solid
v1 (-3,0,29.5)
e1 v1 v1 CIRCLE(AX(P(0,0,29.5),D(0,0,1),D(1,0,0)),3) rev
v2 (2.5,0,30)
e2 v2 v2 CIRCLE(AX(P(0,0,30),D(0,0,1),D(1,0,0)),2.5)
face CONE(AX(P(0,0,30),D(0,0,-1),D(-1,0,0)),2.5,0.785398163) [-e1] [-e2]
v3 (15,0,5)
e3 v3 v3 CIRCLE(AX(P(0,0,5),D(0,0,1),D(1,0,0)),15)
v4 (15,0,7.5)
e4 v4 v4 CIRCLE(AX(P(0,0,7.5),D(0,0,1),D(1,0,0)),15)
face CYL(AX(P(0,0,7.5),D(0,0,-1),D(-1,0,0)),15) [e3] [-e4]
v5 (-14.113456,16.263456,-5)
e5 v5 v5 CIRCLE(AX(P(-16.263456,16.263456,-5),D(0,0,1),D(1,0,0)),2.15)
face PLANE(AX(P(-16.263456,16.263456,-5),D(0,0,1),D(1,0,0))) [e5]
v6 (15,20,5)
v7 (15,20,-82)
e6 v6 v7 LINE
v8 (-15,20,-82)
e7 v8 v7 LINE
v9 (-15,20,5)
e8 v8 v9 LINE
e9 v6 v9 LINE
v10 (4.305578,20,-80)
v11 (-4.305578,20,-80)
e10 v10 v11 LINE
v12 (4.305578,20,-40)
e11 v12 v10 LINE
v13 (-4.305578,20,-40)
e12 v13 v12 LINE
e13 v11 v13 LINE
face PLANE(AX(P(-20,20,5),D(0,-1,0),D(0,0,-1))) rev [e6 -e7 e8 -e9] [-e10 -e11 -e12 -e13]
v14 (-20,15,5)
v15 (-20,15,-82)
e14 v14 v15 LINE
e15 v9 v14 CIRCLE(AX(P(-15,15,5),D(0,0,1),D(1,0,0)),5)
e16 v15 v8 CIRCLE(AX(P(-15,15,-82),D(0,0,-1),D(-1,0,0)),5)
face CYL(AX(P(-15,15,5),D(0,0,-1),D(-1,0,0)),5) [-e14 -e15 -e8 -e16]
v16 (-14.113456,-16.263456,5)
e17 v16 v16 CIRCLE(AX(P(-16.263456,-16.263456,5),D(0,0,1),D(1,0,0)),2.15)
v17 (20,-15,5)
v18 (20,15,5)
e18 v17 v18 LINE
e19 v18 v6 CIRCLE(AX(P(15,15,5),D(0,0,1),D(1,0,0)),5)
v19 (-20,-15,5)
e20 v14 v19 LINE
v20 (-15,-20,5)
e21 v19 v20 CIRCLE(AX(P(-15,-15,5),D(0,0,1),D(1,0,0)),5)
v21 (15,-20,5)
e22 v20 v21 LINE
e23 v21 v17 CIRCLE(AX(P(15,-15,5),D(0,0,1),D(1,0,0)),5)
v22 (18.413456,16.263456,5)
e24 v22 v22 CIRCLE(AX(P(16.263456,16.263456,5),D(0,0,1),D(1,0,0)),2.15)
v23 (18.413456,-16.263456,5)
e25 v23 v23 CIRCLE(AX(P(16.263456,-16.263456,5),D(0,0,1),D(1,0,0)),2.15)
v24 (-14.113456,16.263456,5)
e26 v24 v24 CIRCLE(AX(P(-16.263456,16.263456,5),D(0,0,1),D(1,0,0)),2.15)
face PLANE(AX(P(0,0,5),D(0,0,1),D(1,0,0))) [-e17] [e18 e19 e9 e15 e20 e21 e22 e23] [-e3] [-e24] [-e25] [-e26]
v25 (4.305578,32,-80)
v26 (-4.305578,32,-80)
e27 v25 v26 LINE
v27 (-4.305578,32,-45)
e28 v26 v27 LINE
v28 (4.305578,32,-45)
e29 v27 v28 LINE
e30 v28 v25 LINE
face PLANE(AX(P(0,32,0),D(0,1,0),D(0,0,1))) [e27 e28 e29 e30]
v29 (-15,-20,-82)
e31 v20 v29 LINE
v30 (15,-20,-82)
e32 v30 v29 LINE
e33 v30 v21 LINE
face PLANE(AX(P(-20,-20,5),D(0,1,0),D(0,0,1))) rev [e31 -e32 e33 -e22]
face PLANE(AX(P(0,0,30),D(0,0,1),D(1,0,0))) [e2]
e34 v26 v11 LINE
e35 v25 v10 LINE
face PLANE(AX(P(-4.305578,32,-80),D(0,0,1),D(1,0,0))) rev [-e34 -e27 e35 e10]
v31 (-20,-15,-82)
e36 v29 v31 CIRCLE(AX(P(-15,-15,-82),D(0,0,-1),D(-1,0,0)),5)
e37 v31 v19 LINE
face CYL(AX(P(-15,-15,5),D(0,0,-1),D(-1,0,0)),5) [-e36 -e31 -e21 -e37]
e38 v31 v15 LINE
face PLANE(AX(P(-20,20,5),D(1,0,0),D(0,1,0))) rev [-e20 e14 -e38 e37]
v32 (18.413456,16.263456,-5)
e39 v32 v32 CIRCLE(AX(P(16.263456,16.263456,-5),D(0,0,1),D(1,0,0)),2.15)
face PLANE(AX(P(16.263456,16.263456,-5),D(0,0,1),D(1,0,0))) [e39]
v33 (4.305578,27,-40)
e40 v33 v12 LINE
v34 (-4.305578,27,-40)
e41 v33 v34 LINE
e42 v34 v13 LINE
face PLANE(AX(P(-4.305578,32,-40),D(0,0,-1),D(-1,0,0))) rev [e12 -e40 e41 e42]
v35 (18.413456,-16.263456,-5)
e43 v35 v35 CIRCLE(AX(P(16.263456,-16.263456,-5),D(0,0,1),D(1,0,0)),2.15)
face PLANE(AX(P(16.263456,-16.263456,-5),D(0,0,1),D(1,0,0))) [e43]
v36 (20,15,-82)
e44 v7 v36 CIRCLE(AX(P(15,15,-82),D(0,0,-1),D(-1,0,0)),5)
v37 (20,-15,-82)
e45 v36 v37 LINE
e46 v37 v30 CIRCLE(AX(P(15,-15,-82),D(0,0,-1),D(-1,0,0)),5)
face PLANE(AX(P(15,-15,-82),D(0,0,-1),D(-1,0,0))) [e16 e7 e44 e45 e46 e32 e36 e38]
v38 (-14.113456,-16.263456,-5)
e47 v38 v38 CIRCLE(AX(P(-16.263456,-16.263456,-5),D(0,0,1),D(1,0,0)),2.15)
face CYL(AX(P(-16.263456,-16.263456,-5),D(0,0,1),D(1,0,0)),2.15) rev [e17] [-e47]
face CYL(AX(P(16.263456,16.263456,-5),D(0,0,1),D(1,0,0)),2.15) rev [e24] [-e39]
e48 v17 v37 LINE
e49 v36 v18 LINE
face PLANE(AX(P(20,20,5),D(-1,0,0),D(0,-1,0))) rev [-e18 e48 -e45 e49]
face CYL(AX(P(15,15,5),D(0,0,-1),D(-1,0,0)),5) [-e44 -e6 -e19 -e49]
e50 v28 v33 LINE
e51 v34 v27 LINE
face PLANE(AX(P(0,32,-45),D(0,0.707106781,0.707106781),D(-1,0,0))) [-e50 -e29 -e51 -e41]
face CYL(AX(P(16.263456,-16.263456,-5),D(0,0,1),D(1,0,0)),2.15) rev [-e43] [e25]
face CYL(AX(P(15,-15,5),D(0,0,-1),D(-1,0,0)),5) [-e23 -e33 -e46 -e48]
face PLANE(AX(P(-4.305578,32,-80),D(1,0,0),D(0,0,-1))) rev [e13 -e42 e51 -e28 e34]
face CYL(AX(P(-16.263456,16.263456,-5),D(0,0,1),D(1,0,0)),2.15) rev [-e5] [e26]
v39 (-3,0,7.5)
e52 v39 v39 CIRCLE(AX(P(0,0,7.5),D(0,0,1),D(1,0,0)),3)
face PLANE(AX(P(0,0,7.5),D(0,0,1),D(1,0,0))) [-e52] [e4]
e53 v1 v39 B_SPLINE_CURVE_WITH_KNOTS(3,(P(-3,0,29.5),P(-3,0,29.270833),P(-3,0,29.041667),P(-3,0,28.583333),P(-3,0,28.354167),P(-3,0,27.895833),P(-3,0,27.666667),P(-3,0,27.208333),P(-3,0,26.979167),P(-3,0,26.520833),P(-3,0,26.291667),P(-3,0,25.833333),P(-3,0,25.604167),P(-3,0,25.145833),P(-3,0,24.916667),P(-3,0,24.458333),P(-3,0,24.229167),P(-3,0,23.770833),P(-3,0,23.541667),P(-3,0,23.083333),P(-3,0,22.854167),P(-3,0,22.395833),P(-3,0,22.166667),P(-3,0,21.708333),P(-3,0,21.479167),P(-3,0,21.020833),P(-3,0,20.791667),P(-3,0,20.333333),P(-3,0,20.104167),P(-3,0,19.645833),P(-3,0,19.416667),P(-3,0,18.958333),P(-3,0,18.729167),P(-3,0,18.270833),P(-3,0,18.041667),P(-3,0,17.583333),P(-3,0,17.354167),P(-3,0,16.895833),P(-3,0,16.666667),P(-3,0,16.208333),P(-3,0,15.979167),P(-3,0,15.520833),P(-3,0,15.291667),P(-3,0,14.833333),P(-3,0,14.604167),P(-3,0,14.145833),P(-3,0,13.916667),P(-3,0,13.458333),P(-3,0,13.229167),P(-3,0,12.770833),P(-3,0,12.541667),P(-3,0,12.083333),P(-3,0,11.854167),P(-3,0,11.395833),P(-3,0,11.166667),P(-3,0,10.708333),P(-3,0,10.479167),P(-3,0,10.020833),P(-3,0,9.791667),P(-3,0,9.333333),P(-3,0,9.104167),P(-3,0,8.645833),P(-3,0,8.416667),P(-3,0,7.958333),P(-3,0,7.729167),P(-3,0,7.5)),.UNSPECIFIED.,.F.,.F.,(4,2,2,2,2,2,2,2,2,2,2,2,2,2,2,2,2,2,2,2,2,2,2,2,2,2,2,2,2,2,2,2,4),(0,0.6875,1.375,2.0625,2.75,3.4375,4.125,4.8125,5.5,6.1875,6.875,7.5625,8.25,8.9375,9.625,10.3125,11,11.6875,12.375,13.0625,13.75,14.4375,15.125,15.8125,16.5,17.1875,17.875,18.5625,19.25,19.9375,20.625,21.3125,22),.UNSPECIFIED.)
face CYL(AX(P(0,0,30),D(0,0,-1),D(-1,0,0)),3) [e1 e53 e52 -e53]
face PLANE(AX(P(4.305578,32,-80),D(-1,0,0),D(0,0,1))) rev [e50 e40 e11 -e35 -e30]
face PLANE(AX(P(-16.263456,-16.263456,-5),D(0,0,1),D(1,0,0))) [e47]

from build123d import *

# Parameters (mm, degrees)
SKETCH1_W           = 40
SKETCH1_H           = 40
BOSS_EXTRUDE1_DEPTH = 5
FILLET1_R           = 5
SKETCH2_R           = 15
BOSS_EXTRUDE2_DEPTH = 2.5
SKETCH3_R           = 3
BOSS_EXTRUDE3_DEPTH = 22.5
BOSS_EXTRUDE5_DEPTH = 82
CHAMFER1_SIZE       = 0.5
SKETCH5_R           = 2.15
CUT_EXTRUDE1_DEPTH  = 10
SKETCH6_W           = 8.611155486
SKETCH6_H           = 40
BOSS_EXTRUDE6_DEPTH = 12
CHAMFER2_SIZE       = 5


with BuildPart() as part:
    # Sketch1 → Boss-Extrude1 (new body)
    with BuildSketch(Plane.XY):
        Rectangle(SKETCH1_W, SKETCH1_H)
    extrude(amount=BOSS_EXTRUDE1_DEPTH)

    # Fillet1
    fillet1_edges = [part.edges().sort_by_distance(p)[0] for p in [
        (20, -20, 2.5),
        (-20, -20, 2.5),
        (-20, 20, 2.5),
        (20, 20, 2.5),
    ]]
    fillet(fillet1_edges, radius=FILLET1_R)

    # Sketch2 → Boss-Extrude2 (add)
    with BuildSketch(Plane.XY.offset(5)):
        Circle(SKETCH2_R)
    extrude(amount=BOSS_EXTRUDE2_DEPTH)

    # Sketch3 → Boss-Extrude3 (add)
    with BuildSketch(Plane.XY.offset(7.5)):
        with Locations(Location((0, 0, 0), (0, 0, 180))):
            Circle(SKETCH3_R)
    extrude(amount=BOSS_EXTRUDE3_DEPTH)

    # Sketch4 → Boss-Extrude5 (add)
    with BuildSketch(Plane(origin=(0, 0, 0), x_dir=(-1, 0, 0), z_dir=(0, 0, -1))):
        with BuildLine():
            Line((-20, -15), (-20, 15))
            ThreePointArc((-20, 15), (-18.535533906, 18.535533906), (-15, 20))
            Line((-15, 20), (15, 20))
            ThreePointArc((15, 20), (18.535533906, 18.535533906), (20, 15))
            Line((20, 15), (20, -15))
            ThreePointArc((20, -15), (18.535533906, -18.535533906), (15, -20))
            Line((15, -20), (-15, -20))
            ThreePointArc((-15, -20), (-18.535533906, -18.535533906), (-20, -15))
        make_face()
    extrude(amount=BOSS_EXTRUDE5_DEPTH)

    # Chamfer1
    chamfer1_edges = [part.edges().sort_by_distance(p)[0] for p in [
        (3, 0, 30),
    ]]
    chamfer(chamfer1_edges, length=CHAMFER1_SIZE)

    # Sketch5 → Cut-Extrude1 (cut)
    with BuildSketch(Plane.XY.offset(5)):
        with Locations((-16.263455967, 16.263455967)):
            Circle(SKETCH5_R)
        with Locations((16.263455967, 16.263455967)):
            Circle(SKETCH5_R)
        with Locations((16.263455967, -16.263455967)):
            Circle(SKETCH5_R)
        with Locations((-16.263455967, -16.263455967)):
            Circle(SKETCH5_R)
    extrude(amount=-CUT_EXTRUDE1_DEPTH, mode=Mode.SUBTRACT)

    # Sketch6 → Boss-Extrude6 (add)
    with BuildSketch(Plane(origin=(0, 20, 0), x_dir=(1, 0, 0), z_dir=(0, 1, 0))):
        with Locations((0, 60)):
            Rectangle(SKETCH6_W, SKETCH6_H)
    extrude(amount=BOSS_EXTRUDE6_DEPTH)

    # Chamfer2
    chamfer2_edges = [part.edges().sort_by_distance(p)[0] for p in [
        (0, 32, -40),
    ]]
    chamfer(chamfer2_edges, length=CHAMFER2_SIZE)


solid = part.part
